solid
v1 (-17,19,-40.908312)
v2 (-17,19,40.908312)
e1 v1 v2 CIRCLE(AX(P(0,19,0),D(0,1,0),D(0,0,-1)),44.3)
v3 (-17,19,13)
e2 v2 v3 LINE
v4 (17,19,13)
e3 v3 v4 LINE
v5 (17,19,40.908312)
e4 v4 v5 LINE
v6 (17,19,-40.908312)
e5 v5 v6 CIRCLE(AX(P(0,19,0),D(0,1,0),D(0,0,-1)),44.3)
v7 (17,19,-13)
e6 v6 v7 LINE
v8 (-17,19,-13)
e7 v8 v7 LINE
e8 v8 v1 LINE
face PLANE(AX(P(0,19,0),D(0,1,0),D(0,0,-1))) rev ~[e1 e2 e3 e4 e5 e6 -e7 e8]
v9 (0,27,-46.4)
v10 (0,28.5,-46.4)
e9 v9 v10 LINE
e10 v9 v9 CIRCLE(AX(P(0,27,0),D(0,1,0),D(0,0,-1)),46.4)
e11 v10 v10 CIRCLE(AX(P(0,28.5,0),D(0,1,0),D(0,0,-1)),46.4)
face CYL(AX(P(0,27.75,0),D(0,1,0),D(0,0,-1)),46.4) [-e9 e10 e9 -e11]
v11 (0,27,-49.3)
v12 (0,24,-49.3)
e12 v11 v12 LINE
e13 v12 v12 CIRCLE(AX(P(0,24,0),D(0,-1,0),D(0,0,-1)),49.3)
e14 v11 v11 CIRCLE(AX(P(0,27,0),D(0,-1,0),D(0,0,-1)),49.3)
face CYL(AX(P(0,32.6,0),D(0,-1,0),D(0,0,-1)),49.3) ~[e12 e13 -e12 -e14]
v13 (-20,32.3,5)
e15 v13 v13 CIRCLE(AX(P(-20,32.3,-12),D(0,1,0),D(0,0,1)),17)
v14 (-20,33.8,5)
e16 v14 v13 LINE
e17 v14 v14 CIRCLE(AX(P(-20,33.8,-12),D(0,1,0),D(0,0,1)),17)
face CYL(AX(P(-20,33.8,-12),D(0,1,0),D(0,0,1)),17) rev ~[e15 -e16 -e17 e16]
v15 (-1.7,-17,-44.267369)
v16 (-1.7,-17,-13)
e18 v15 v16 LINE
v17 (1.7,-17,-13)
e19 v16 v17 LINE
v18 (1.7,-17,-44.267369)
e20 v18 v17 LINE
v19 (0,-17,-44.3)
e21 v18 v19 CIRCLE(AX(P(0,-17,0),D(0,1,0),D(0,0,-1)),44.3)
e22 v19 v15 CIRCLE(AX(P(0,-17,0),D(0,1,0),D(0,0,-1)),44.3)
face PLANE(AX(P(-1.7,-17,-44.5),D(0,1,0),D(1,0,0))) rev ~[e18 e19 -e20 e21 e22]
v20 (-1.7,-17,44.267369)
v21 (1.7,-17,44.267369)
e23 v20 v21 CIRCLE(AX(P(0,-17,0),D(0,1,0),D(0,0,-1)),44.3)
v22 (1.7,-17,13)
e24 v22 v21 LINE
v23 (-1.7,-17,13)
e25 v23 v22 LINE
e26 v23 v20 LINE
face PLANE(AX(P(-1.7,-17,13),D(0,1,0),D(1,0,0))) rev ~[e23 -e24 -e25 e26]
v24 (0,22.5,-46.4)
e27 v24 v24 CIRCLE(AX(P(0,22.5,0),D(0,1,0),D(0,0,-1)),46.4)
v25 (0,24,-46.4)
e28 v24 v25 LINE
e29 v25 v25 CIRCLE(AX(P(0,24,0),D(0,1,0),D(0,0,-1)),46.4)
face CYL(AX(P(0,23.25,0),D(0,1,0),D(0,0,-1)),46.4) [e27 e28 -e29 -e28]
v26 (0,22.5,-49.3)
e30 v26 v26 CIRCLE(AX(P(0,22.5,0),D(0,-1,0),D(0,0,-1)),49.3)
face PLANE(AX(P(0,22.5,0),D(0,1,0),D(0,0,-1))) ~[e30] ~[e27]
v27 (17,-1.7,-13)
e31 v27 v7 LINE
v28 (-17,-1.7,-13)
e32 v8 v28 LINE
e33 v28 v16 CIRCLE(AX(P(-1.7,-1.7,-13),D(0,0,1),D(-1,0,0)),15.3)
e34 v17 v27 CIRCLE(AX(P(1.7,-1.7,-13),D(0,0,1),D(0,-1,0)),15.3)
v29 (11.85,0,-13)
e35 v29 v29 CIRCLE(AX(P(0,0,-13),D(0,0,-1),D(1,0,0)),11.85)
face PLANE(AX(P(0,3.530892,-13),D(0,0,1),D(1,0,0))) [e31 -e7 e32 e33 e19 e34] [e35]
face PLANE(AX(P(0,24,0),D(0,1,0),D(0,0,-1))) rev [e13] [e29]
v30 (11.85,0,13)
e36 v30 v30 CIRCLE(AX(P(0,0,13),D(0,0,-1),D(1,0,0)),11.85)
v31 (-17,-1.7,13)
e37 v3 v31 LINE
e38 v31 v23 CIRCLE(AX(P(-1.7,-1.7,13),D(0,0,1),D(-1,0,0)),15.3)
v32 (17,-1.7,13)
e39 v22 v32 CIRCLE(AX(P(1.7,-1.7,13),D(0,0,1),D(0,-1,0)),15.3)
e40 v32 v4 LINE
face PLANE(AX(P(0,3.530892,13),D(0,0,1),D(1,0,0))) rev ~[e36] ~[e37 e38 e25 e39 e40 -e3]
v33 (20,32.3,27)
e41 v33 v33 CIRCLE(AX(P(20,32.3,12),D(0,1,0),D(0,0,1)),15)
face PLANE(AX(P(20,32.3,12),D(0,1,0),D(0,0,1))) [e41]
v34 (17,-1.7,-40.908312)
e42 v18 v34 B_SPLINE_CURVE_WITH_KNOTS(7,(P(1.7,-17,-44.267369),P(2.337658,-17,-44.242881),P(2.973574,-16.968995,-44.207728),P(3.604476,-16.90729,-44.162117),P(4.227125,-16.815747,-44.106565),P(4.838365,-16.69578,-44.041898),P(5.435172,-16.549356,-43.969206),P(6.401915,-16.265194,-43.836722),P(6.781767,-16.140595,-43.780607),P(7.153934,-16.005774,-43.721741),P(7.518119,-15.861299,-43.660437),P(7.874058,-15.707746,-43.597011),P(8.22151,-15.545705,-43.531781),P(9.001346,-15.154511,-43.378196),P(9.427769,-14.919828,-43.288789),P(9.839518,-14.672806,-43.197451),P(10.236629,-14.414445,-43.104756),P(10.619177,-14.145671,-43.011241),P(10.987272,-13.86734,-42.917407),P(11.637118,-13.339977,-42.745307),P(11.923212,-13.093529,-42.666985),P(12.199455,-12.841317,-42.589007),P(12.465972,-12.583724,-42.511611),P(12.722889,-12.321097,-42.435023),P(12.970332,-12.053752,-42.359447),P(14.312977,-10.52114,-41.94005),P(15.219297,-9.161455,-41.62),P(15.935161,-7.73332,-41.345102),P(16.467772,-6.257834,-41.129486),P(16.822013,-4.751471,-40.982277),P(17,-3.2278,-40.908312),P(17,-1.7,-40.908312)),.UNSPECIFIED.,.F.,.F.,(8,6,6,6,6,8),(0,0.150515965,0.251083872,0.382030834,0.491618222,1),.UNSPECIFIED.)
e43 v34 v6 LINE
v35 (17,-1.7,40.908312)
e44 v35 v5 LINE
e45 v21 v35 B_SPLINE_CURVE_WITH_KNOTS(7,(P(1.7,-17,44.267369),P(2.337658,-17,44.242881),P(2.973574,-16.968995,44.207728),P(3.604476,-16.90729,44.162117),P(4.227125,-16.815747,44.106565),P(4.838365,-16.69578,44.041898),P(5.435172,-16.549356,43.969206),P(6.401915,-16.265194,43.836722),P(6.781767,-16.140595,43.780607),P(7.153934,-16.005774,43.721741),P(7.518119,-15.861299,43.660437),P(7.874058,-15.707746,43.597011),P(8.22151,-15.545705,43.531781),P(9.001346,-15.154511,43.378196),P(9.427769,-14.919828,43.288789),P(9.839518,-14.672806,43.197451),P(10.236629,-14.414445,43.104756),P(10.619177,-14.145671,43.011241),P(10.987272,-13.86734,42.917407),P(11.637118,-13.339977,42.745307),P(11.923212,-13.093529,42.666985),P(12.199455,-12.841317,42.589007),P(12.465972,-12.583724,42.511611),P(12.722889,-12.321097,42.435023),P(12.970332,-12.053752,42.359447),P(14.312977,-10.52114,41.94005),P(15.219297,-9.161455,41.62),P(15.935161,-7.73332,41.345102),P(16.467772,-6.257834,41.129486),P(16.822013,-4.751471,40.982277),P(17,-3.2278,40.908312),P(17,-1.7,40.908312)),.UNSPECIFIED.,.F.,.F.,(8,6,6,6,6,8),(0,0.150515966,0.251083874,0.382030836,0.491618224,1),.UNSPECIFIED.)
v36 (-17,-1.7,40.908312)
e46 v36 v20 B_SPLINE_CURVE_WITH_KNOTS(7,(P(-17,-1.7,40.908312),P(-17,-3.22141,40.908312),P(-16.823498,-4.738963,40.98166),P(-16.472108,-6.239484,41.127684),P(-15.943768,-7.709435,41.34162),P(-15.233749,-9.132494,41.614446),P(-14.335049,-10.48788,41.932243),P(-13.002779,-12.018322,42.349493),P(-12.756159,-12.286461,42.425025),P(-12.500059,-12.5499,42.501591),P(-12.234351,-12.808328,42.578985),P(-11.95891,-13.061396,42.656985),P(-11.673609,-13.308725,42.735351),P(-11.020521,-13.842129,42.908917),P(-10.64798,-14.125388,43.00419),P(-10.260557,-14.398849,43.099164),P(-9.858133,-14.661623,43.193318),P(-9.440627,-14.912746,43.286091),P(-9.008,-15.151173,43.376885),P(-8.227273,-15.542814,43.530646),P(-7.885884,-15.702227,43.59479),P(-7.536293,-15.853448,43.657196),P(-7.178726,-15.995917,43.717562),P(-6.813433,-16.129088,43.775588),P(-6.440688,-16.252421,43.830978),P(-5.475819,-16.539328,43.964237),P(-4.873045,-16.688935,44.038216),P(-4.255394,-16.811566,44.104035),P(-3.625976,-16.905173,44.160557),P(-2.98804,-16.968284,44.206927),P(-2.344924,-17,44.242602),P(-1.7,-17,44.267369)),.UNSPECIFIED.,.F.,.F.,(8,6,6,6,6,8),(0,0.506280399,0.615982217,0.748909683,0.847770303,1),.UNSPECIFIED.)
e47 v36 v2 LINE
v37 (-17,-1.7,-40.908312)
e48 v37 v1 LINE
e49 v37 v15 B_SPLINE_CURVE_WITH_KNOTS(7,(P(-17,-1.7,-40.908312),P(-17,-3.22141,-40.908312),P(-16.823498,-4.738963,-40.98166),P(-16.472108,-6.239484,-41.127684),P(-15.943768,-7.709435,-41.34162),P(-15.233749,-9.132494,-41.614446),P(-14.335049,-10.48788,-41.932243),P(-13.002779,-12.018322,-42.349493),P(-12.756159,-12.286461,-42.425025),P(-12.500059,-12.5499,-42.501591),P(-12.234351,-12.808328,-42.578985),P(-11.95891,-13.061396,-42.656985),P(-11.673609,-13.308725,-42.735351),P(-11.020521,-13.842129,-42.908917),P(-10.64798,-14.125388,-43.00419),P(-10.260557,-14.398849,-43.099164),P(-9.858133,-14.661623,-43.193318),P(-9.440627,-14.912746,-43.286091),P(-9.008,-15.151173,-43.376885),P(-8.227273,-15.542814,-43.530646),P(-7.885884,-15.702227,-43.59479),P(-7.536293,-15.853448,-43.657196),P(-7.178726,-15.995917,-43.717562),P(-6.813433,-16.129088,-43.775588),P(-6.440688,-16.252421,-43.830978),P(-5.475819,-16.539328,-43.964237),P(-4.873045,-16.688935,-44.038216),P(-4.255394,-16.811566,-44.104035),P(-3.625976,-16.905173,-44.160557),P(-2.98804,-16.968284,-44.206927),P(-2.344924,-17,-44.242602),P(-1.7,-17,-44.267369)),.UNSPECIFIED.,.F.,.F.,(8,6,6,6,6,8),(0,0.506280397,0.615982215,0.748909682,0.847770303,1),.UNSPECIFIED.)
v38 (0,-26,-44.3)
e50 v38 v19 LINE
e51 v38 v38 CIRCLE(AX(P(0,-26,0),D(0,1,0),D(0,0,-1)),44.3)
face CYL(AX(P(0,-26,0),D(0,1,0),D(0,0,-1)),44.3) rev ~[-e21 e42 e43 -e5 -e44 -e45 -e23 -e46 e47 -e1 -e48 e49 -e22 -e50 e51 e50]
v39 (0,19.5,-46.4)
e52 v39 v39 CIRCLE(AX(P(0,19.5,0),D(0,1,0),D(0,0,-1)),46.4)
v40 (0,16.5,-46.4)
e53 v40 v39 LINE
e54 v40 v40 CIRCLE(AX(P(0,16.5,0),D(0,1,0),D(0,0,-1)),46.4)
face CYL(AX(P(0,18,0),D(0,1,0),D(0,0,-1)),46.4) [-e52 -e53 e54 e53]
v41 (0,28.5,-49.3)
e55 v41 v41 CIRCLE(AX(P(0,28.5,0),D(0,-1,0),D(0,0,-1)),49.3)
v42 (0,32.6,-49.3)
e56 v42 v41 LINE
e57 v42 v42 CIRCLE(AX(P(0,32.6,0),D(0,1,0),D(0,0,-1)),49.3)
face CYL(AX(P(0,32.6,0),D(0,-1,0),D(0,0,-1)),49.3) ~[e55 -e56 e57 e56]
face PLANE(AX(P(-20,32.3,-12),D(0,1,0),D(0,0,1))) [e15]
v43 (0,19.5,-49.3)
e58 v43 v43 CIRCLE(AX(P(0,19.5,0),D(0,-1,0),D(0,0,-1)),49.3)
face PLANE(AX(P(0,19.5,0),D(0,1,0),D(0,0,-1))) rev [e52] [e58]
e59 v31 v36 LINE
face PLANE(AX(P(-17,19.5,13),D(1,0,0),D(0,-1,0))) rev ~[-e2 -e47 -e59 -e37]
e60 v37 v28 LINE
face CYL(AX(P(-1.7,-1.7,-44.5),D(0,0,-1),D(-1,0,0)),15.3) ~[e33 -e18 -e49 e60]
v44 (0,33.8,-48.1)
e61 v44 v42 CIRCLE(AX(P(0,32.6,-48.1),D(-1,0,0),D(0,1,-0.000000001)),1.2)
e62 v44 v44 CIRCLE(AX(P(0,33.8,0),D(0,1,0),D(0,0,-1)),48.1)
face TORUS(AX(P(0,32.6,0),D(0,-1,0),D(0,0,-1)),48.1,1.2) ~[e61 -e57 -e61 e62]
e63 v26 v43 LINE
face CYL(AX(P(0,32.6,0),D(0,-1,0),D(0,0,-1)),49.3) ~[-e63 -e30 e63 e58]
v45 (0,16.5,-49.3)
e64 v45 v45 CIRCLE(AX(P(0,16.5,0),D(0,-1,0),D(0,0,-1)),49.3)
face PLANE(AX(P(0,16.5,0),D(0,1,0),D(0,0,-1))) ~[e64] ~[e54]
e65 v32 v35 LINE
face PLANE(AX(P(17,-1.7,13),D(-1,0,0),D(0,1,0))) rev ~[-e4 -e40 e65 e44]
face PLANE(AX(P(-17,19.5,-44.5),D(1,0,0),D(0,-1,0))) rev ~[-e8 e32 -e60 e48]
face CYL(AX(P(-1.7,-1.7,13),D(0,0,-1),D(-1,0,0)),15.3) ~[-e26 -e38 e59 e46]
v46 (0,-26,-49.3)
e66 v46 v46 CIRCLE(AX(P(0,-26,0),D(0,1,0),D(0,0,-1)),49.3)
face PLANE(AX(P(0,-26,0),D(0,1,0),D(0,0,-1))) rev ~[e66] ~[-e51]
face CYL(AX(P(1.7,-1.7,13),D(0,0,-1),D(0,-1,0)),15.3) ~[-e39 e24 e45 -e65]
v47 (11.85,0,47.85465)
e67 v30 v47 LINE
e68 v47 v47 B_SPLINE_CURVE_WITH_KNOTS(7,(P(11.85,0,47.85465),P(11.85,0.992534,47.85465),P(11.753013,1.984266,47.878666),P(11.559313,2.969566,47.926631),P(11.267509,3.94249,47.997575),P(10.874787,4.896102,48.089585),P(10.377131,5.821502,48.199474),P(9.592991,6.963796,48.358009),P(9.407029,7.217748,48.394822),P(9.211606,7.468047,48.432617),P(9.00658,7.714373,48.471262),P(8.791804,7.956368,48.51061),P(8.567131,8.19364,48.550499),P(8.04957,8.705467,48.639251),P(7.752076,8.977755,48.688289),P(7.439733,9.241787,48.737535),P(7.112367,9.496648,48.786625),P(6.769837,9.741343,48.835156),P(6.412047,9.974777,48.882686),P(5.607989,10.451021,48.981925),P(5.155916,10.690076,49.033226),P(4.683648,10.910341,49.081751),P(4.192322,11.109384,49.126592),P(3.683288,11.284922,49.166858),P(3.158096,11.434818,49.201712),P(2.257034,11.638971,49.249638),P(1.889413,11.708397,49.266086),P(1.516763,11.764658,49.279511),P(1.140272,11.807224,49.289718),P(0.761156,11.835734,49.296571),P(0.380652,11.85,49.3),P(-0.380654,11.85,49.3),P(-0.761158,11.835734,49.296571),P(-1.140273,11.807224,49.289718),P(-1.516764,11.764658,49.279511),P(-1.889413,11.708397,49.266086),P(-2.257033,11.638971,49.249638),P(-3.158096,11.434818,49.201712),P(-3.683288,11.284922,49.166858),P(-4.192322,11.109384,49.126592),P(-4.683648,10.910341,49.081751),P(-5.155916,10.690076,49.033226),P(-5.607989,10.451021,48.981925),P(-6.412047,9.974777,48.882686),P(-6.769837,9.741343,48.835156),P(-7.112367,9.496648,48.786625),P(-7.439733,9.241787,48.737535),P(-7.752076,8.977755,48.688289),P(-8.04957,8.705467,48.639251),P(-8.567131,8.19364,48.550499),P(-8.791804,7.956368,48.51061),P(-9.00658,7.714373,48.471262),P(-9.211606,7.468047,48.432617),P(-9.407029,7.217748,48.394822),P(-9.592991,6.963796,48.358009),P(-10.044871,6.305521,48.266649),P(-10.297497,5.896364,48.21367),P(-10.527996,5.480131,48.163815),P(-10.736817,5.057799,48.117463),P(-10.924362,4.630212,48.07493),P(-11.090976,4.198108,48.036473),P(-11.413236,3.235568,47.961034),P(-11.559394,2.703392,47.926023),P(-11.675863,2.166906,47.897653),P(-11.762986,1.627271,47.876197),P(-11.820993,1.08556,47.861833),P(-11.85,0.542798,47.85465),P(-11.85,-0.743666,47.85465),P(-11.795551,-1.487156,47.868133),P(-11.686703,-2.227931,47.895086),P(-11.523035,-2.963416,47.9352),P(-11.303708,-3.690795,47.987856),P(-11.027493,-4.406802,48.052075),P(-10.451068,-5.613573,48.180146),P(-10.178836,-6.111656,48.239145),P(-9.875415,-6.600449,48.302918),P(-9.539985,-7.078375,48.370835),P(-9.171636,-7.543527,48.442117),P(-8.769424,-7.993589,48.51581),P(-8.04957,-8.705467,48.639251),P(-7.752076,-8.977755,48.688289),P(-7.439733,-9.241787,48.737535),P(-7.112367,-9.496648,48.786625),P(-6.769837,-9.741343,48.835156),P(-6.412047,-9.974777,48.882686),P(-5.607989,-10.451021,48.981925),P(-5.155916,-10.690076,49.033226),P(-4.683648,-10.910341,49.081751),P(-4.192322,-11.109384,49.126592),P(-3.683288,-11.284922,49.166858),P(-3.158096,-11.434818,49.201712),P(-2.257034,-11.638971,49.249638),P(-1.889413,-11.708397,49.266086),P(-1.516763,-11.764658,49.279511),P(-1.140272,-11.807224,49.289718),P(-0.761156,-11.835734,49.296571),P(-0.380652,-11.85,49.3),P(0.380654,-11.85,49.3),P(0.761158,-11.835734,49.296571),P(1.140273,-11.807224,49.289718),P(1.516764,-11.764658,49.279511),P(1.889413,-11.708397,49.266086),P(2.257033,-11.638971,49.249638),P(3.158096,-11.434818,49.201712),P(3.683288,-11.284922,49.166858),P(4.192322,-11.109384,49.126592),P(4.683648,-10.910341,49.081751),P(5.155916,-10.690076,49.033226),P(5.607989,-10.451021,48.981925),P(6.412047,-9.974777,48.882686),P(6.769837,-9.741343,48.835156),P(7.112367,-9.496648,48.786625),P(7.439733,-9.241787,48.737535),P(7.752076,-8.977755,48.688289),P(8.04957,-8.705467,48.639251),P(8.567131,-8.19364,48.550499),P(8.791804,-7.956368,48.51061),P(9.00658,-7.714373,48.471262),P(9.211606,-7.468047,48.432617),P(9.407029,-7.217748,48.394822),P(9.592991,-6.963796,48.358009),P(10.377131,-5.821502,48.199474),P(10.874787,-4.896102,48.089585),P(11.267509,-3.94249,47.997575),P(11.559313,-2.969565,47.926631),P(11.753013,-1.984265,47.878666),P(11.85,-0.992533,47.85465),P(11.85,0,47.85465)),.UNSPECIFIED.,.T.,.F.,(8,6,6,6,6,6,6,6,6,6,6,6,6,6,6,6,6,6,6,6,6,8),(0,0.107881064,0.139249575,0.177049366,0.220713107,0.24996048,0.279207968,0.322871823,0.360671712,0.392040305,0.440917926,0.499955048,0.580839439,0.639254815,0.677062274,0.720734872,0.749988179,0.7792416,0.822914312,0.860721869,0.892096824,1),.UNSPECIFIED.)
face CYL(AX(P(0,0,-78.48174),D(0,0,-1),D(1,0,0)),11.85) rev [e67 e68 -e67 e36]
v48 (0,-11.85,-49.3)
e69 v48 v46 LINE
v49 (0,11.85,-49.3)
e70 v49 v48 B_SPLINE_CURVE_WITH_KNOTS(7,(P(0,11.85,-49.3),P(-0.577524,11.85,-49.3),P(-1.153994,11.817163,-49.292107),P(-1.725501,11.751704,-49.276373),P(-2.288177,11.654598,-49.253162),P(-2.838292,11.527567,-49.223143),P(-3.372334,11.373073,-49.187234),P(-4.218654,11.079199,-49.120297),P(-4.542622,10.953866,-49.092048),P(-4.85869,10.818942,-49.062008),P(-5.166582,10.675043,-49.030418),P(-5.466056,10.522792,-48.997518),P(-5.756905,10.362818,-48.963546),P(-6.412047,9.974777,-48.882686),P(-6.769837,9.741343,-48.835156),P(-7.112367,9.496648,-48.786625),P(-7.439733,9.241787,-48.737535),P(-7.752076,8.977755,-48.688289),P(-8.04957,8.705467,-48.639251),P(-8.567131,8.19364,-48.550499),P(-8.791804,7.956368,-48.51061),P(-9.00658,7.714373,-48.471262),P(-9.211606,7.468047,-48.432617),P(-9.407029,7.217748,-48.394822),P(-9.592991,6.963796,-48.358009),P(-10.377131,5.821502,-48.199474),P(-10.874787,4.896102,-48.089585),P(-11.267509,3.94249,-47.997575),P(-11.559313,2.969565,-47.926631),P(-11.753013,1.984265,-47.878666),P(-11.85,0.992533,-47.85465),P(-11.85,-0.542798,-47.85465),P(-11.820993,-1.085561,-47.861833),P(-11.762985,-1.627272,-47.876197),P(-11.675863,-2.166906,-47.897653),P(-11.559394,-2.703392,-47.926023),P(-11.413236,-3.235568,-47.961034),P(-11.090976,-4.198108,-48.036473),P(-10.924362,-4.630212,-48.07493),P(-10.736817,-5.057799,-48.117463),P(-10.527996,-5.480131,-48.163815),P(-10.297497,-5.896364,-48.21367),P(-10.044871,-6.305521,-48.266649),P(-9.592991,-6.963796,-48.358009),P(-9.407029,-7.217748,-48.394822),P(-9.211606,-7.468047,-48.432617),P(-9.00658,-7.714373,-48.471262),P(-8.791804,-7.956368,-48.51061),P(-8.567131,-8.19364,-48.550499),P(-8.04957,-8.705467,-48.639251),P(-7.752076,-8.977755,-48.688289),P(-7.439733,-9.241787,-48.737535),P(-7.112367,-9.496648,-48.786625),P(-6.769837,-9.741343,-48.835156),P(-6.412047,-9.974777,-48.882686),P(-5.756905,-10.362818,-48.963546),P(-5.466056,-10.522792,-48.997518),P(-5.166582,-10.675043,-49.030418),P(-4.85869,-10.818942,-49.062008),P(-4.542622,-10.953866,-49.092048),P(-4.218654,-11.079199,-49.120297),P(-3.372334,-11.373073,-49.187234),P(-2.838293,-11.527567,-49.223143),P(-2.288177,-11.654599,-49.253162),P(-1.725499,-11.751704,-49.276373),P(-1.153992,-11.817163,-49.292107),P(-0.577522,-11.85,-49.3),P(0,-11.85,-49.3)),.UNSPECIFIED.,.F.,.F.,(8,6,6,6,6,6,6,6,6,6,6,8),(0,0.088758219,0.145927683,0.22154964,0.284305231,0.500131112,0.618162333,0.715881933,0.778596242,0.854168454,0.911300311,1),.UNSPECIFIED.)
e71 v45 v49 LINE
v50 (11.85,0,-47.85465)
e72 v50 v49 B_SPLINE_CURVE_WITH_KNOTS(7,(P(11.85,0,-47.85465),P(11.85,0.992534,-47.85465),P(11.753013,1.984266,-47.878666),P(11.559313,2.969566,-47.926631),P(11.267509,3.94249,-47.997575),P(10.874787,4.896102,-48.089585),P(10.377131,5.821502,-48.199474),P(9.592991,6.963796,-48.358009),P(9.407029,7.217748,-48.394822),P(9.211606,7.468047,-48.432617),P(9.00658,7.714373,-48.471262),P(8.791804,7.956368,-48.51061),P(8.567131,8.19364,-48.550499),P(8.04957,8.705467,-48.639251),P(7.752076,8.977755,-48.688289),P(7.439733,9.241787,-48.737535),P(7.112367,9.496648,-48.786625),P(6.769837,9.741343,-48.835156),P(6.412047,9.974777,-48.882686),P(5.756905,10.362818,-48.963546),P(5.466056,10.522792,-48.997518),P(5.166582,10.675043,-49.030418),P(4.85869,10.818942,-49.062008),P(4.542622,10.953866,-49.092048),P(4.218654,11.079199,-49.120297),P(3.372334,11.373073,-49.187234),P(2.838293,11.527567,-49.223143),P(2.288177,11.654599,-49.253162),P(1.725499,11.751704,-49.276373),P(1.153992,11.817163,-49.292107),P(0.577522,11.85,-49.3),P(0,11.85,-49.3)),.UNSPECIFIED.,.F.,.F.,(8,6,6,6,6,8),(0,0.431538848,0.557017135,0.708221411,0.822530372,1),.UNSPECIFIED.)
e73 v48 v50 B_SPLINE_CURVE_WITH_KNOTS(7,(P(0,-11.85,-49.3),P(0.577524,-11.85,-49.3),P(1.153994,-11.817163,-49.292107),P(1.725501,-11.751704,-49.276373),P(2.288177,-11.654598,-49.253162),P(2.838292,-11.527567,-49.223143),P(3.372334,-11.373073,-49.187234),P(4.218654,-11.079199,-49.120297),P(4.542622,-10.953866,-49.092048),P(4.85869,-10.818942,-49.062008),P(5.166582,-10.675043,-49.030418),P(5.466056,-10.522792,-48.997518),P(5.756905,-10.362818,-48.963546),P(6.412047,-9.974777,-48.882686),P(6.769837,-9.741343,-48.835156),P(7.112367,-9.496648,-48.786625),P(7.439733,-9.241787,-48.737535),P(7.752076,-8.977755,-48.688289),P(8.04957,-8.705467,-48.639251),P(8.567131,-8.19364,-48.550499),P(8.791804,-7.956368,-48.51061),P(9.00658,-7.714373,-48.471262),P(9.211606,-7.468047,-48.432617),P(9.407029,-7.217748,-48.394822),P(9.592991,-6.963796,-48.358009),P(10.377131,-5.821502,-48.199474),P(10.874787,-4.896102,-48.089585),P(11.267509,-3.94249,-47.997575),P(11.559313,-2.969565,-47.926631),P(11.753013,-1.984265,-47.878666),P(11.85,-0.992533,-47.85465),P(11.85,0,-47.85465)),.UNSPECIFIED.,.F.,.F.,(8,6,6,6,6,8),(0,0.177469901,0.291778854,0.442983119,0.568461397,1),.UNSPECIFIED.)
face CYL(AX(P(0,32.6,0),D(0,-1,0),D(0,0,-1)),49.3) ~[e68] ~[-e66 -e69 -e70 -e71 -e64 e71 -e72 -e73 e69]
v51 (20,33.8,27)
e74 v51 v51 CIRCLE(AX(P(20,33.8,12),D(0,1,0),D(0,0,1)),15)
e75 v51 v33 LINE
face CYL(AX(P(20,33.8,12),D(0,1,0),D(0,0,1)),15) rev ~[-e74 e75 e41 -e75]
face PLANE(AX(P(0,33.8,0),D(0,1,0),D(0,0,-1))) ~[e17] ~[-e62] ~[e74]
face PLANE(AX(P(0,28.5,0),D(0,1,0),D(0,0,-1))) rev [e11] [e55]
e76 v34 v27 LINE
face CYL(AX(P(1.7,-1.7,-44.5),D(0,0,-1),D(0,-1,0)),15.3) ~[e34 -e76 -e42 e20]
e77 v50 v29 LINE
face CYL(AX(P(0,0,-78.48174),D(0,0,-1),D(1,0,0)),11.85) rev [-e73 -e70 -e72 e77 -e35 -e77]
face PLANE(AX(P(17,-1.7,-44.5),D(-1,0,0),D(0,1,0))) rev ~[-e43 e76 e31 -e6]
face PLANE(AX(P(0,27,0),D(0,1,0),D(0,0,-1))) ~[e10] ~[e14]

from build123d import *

# Parameters (mm, degrees)
PIN_START            = 13
PIN_BOSS_FRONT_DEPTH = 31.5
PIN_START_2          = -44.5
PIN_BOSS_REAR_DEPTH  = 31.5
PIN_BORE_DEPTH       = 78.481739955
PIN_BORE_DEPTH_BACK  = 78.481739955
SKETCH4_R            = 11.85
SKETCH5_W            = 4.1
SKETCH5_H            = 1.5
SKETCH5_H_2          = 3
SKETCH6_R            = 17
SKETCH6_R_2          = 15
VALVE_RELIEFS_DEPTH  = 1.5


with BuildPart() as part:
    # Sketch1 → Piston Body (revolve)
    with BuildSketch(Plane.XY):
        with BuildLine():
            Line((0, 33.8), (48.1, 33.8))
            ThreePointArc((48.1, 33.8), (48.948528137, 33.448528137), (49.3, 32.6))
            Line((49.3, 32.6), (49.3, -26))
            Line((49.3, -26), (44.3, -26))
            Line((44.3, -26), (44.3, 19))
            Line((44.3, 19), (0, 19))
            Line((0, 19), (0, 33.8))
        make_face()
    revolve(axis=Axis((0, -60, 0), (0, 1, 0)))

    # Sketch2 → Pin Boss Front (add)
    with BuildSketch(Plane.XY.offset(PIN_START)):
        with BuildLine():
            Line((-17, 19.5), (-17, -1.7))
            ThreePointArc((-17, -1.7), (-12.518733752, -12.518733752), (-1.7, -17))
            Line((-1.7, -17), (1.7, -17))
            ThreePointArc((1.7, -17), (12.518733752, -12.518733752), (17, -1.7))
            Line((17, -1.7), (17, 19.5))
            Line((17, 19.5), (-17, 19.5))
        make_face()
    extrude(amount=PIN_BOSS_FRONT_DEPTH)

    # Sketch3 → Pin Boss Rear (add)
    with BuildSketch(Plane.XY.offset(PIN_START_2)):
        with BuildLine():
            Line((-17, 19.5), (-17, -1.7))
            ThreePointArc((-17, -1.7), (-12.518733752, -12.518733752), (-1.7, -17))
            Line((-1.7, -17), (1.7, -17))
            ThreePointArc((1.7, -17), (12.518733752, -12.518733752), (17, -1.7))
            Line((17, -1.7), (17, 19.5))
            Line((17, 19.5), (-17, 19.5))
        make_face()
    extrude(amount=PIN_BOSS_REAR_DEPTH)

    # Sketch4 → Pin Bore (cut, two sides: drawn at the far end of the back side and taken through both)
    with BuildSketch(Plane.XY.offset(-PIN_BORE_DEPTH_BACK)):
        Circle(SKETCH4_R)
    extrude(amount=PIN_BORE_DEPTH + PIN_BORE_DEPTH_BACK, mode=Mode.SUBTRACT)

    # Sketch5 → Ring Grooves (revolve, cut)
    with BuildSketch(Plane.XY):
        with Locations((48.45, 27.75)):
            Rectangle(SKETCH5_W, SKETCH5_H)
        with Locations((48.45, 23.25)):
            Rectangle(SKETCH5_W, SKETCH5_H)
        with Locations((48.45, 18)):
            Rectangle(SKETCH5_W, SKETCH5_H_2)
    revolve(axis=Axis((0, -60, 0), (0, 1, 0)), mode=Mode.SUBTRACT)

    # Sketch6 → Valve Reliefs (cut)
    with BuildSketch(Plane(origin=(0, 33.8, 0), x_dir=(1, 0, 0), z_dir=(0, 1, 0))):
        with Locations((-20, 12)):
            Circle(SKETCH6_R)
        with Locations((20, -12)):
            Circle(SKETCH6_R_2)
    extrude(amount=-VALVE_RELIEFS_DEPTH, mode=Mode.SUBTRACT)


solid = part.part
